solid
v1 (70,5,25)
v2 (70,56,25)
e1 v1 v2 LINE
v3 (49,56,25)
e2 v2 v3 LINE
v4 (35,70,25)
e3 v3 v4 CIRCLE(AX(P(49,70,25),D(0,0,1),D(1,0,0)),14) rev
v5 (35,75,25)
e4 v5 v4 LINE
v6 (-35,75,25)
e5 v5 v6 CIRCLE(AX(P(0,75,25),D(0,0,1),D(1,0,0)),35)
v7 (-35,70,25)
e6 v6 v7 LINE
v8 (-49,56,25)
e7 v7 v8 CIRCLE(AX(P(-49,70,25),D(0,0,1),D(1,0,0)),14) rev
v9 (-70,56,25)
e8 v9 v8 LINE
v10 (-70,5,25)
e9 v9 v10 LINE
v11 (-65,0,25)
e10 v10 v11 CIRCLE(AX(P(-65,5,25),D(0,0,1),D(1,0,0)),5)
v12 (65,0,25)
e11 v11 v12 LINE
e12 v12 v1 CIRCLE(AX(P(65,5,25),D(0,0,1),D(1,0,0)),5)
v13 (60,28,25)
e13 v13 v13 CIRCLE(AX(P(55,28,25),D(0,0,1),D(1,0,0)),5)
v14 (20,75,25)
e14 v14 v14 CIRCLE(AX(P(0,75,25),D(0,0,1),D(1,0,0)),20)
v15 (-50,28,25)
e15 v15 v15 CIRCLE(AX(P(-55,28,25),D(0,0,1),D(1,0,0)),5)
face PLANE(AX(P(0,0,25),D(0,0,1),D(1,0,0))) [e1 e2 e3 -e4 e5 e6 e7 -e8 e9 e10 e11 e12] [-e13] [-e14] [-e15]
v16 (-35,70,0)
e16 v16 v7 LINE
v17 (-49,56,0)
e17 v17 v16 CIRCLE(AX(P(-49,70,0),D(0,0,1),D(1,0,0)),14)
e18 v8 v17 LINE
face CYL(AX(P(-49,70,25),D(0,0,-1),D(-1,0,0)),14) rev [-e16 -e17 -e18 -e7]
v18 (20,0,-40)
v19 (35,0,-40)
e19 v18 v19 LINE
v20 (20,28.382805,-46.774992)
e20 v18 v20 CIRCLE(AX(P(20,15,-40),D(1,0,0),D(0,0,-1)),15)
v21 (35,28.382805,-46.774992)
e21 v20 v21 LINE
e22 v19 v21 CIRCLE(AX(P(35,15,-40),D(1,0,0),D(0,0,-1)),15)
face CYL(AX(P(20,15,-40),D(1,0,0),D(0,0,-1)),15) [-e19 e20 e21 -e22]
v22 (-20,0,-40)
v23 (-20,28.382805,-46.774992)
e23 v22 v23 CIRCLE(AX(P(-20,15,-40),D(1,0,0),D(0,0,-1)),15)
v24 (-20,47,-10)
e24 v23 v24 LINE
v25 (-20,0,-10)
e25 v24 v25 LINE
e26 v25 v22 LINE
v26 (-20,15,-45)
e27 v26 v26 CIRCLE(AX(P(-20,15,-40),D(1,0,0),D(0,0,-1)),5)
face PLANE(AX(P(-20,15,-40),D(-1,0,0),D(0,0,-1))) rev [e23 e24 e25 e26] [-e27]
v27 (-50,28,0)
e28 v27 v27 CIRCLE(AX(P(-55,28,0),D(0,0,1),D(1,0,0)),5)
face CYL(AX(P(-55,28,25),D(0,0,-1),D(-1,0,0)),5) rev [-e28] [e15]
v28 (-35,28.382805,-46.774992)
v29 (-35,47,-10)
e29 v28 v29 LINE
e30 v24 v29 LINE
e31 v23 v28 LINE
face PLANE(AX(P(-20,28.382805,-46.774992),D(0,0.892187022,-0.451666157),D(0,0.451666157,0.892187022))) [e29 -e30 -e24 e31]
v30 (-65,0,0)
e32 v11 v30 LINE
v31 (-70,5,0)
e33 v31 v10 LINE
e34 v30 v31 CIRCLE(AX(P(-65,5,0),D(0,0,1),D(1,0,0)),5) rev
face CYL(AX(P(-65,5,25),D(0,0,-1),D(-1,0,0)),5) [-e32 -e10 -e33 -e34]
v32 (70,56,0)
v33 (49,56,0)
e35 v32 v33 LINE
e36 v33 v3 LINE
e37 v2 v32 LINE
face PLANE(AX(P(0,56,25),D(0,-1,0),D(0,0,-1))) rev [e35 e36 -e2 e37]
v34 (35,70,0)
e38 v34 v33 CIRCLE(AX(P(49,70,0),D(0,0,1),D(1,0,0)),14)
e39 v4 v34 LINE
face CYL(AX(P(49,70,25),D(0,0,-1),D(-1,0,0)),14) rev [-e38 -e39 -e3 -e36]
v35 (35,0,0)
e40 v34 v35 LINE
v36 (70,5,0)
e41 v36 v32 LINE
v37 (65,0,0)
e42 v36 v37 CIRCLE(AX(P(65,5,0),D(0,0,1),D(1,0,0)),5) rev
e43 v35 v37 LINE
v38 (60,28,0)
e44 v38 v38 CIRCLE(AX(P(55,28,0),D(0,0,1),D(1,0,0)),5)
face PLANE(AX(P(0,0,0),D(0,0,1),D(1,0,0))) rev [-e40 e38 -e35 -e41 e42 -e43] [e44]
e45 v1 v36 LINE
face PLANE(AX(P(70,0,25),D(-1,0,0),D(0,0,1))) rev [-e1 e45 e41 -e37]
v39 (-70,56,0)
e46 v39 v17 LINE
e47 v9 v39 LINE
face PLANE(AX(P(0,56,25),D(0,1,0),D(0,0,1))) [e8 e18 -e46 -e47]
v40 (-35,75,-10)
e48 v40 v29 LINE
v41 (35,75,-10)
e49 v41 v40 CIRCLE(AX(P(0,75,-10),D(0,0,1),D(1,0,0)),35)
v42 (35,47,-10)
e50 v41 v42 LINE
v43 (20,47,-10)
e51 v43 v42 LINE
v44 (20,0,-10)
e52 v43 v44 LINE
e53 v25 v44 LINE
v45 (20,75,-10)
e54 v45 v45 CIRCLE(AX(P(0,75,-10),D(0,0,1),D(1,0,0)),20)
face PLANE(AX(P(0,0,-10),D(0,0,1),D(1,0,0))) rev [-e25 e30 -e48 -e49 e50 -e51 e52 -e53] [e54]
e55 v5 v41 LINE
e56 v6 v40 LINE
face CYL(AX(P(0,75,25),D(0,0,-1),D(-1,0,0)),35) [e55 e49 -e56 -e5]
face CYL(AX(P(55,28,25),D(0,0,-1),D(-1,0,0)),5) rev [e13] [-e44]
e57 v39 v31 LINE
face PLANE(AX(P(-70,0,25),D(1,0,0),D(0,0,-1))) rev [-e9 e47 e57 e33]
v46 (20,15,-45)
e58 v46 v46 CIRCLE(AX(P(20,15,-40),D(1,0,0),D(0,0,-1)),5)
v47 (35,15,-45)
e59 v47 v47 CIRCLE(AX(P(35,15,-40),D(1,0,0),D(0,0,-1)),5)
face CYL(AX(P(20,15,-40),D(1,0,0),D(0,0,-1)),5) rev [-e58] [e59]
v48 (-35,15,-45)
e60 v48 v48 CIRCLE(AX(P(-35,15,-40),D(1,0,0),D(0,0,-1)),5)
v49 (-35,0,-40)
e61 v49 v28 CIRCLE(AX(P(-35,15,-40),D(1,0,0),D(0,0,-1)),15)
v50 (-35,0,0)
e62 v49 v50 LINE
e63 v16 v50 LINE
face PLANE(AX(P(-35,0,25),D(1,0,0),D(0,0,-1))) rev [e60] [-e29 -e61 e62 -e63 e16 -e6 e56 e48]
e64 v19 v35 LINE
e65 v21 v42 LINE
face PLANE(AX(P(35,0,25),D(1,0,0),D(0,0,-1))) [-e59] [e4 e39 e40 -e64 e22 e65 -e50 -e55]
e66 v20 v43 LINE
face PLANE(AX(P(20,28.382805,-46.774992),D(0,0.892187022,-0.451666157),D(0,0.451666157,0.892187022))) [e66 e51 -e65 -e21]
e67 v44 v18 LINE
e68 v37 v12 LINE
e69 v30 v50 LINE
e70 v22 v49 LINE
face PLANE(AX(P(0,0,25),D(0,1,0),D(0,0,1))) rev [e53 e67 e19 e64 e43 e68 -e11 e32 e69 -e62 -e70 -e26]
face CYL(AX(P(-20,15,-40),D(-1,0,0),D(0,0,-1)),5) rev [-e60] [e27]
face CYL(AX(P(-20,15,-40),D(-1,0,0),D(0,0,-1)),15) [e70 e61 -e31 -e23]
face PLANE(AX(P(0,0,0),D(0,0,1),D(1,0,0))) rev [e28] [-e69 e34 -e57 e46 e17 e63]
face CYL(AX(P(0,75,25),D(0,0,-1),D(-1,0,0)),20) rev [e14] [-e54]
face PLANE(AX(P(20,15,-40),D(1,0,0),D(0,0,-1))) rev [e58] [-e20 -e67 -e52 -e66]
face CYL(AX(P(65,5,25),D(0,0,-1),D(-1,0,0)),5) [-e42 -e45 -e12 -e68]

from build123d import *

# Parameters (mm, degrees)
SKETCH1_R           = 5
SKETCH1_R_2         = 20
BOSS_EXTRUDE1_DEPTH = 25
FILLET1_R           = 14
FILLET2_R           = 5
BOSS_EXTRUDE2_START = -10
SKETCH1_3_R         = 20
BOSS_EXTRUDE2_DEPTH = 10
SKETCH3_R           = 5
BOSS_EXTRUDE3_DEPTH = 15


with BuildPart() as part:
    # Sketch1 → Boss-Extrude1 (new body)
    with BuildSketch(Plane.XY):
        with BuildLine():
            Line((-70, 56), (-70, 0))
            Line((-70, 0), (70, 0))
            Line((70, 0), (70, 56))
            Line((70, 56), (35, 56))
            Line((35, 56), (35, 75))
            ThreePointArc((35, 75), (0, 110), (-35, 75))
            Line((-35, 75), (-35, 56))
            Line((-35, 56), (-70, 56))
        make_face()
        with Locations((-55, 28)):
            Circle(SKETCH1_R, mode=Mode.SUBTRACT)
        with Locations((0, 75)):
            Circle(SKETCH1_R_2, mode=Mode.SUBTRACT)
        with Locations((55, 28)):
            Circle(SKETCH1_R, mode=Mode.SUBTRACT)
    extrude(amount=BOSS_EXTRUDE1_DEPTH)

    # Fillet1
    fillet1_edges = [part.edges().sort_by_distance(p)[0] for p in [
        (-35, 56, 12.5),
        (35, 56, 12.5),
    ]]
    fillet(fillet1_edges, radius=FILLET1_R)

    # Fillet2
    fillet2_edges = [part.edges().sort_by_distance(p)[0] for p in [
        (-70, 0, 12.5),
        (70, 0, 12.5),
    ]]
    fillet(fillet2_edges, radius=FILLET2_R)

    # Sketch1_3 → Boss-Extrude2 (add)
    with BuildSketch(Plane.XY.offset(BOSS_EXTRUDE2_START)):
        with BuildLine():
            Line((-35, 56), (-35, 0))
            Line((-35, 0), (35, 0))
            Line((35, 0), (35, 56))
            Line((35, 56), (35, 75))
            ThreePointArc((35, 75), (0, 110), (-35, 75))
            Line((-35, 75), (-35, 56))
        make_face()
        with Locations((0, 75)):
            Circle(SKETCH1_3_R, mode=Mode.SUBTRACT)
    extrude(amount=BOSS_EXTRUDE2_DEPTH)

    # Sketch3 → Boss-Extrude3 (add)
    with BuildSketch(Plane(origin=(35, 0, 0), x_dir=(0, 0, -1), z_dir=(1, 0, 0))):
        with BuildLine():
            Line((10, 47), (10, 0))
            Line((10, 0), (40, 0))
            ThreePointArc((40, 0), (54.590100754, 11.517334354), (46.774992355, 28.382805333))
            Line((46.774992355, 28.382805333), (10, 47))
        make_face()
        with Locations((40, 15)):
            Circle(SKETCH3_R, mode=Mode.SUBTRACT)
    extrude(amount=-BOSS_EXTRUDE3_DEPTH)

    # Mirror1: part across plane


with BuildPart() as part_1:
    add(part.part)
    add(part.part.mirror(Plane(origin=(0, 0, 0), x_dir=(0, 0, 1), z_dir=(1, 0, 0))))


solid = part_1.part
